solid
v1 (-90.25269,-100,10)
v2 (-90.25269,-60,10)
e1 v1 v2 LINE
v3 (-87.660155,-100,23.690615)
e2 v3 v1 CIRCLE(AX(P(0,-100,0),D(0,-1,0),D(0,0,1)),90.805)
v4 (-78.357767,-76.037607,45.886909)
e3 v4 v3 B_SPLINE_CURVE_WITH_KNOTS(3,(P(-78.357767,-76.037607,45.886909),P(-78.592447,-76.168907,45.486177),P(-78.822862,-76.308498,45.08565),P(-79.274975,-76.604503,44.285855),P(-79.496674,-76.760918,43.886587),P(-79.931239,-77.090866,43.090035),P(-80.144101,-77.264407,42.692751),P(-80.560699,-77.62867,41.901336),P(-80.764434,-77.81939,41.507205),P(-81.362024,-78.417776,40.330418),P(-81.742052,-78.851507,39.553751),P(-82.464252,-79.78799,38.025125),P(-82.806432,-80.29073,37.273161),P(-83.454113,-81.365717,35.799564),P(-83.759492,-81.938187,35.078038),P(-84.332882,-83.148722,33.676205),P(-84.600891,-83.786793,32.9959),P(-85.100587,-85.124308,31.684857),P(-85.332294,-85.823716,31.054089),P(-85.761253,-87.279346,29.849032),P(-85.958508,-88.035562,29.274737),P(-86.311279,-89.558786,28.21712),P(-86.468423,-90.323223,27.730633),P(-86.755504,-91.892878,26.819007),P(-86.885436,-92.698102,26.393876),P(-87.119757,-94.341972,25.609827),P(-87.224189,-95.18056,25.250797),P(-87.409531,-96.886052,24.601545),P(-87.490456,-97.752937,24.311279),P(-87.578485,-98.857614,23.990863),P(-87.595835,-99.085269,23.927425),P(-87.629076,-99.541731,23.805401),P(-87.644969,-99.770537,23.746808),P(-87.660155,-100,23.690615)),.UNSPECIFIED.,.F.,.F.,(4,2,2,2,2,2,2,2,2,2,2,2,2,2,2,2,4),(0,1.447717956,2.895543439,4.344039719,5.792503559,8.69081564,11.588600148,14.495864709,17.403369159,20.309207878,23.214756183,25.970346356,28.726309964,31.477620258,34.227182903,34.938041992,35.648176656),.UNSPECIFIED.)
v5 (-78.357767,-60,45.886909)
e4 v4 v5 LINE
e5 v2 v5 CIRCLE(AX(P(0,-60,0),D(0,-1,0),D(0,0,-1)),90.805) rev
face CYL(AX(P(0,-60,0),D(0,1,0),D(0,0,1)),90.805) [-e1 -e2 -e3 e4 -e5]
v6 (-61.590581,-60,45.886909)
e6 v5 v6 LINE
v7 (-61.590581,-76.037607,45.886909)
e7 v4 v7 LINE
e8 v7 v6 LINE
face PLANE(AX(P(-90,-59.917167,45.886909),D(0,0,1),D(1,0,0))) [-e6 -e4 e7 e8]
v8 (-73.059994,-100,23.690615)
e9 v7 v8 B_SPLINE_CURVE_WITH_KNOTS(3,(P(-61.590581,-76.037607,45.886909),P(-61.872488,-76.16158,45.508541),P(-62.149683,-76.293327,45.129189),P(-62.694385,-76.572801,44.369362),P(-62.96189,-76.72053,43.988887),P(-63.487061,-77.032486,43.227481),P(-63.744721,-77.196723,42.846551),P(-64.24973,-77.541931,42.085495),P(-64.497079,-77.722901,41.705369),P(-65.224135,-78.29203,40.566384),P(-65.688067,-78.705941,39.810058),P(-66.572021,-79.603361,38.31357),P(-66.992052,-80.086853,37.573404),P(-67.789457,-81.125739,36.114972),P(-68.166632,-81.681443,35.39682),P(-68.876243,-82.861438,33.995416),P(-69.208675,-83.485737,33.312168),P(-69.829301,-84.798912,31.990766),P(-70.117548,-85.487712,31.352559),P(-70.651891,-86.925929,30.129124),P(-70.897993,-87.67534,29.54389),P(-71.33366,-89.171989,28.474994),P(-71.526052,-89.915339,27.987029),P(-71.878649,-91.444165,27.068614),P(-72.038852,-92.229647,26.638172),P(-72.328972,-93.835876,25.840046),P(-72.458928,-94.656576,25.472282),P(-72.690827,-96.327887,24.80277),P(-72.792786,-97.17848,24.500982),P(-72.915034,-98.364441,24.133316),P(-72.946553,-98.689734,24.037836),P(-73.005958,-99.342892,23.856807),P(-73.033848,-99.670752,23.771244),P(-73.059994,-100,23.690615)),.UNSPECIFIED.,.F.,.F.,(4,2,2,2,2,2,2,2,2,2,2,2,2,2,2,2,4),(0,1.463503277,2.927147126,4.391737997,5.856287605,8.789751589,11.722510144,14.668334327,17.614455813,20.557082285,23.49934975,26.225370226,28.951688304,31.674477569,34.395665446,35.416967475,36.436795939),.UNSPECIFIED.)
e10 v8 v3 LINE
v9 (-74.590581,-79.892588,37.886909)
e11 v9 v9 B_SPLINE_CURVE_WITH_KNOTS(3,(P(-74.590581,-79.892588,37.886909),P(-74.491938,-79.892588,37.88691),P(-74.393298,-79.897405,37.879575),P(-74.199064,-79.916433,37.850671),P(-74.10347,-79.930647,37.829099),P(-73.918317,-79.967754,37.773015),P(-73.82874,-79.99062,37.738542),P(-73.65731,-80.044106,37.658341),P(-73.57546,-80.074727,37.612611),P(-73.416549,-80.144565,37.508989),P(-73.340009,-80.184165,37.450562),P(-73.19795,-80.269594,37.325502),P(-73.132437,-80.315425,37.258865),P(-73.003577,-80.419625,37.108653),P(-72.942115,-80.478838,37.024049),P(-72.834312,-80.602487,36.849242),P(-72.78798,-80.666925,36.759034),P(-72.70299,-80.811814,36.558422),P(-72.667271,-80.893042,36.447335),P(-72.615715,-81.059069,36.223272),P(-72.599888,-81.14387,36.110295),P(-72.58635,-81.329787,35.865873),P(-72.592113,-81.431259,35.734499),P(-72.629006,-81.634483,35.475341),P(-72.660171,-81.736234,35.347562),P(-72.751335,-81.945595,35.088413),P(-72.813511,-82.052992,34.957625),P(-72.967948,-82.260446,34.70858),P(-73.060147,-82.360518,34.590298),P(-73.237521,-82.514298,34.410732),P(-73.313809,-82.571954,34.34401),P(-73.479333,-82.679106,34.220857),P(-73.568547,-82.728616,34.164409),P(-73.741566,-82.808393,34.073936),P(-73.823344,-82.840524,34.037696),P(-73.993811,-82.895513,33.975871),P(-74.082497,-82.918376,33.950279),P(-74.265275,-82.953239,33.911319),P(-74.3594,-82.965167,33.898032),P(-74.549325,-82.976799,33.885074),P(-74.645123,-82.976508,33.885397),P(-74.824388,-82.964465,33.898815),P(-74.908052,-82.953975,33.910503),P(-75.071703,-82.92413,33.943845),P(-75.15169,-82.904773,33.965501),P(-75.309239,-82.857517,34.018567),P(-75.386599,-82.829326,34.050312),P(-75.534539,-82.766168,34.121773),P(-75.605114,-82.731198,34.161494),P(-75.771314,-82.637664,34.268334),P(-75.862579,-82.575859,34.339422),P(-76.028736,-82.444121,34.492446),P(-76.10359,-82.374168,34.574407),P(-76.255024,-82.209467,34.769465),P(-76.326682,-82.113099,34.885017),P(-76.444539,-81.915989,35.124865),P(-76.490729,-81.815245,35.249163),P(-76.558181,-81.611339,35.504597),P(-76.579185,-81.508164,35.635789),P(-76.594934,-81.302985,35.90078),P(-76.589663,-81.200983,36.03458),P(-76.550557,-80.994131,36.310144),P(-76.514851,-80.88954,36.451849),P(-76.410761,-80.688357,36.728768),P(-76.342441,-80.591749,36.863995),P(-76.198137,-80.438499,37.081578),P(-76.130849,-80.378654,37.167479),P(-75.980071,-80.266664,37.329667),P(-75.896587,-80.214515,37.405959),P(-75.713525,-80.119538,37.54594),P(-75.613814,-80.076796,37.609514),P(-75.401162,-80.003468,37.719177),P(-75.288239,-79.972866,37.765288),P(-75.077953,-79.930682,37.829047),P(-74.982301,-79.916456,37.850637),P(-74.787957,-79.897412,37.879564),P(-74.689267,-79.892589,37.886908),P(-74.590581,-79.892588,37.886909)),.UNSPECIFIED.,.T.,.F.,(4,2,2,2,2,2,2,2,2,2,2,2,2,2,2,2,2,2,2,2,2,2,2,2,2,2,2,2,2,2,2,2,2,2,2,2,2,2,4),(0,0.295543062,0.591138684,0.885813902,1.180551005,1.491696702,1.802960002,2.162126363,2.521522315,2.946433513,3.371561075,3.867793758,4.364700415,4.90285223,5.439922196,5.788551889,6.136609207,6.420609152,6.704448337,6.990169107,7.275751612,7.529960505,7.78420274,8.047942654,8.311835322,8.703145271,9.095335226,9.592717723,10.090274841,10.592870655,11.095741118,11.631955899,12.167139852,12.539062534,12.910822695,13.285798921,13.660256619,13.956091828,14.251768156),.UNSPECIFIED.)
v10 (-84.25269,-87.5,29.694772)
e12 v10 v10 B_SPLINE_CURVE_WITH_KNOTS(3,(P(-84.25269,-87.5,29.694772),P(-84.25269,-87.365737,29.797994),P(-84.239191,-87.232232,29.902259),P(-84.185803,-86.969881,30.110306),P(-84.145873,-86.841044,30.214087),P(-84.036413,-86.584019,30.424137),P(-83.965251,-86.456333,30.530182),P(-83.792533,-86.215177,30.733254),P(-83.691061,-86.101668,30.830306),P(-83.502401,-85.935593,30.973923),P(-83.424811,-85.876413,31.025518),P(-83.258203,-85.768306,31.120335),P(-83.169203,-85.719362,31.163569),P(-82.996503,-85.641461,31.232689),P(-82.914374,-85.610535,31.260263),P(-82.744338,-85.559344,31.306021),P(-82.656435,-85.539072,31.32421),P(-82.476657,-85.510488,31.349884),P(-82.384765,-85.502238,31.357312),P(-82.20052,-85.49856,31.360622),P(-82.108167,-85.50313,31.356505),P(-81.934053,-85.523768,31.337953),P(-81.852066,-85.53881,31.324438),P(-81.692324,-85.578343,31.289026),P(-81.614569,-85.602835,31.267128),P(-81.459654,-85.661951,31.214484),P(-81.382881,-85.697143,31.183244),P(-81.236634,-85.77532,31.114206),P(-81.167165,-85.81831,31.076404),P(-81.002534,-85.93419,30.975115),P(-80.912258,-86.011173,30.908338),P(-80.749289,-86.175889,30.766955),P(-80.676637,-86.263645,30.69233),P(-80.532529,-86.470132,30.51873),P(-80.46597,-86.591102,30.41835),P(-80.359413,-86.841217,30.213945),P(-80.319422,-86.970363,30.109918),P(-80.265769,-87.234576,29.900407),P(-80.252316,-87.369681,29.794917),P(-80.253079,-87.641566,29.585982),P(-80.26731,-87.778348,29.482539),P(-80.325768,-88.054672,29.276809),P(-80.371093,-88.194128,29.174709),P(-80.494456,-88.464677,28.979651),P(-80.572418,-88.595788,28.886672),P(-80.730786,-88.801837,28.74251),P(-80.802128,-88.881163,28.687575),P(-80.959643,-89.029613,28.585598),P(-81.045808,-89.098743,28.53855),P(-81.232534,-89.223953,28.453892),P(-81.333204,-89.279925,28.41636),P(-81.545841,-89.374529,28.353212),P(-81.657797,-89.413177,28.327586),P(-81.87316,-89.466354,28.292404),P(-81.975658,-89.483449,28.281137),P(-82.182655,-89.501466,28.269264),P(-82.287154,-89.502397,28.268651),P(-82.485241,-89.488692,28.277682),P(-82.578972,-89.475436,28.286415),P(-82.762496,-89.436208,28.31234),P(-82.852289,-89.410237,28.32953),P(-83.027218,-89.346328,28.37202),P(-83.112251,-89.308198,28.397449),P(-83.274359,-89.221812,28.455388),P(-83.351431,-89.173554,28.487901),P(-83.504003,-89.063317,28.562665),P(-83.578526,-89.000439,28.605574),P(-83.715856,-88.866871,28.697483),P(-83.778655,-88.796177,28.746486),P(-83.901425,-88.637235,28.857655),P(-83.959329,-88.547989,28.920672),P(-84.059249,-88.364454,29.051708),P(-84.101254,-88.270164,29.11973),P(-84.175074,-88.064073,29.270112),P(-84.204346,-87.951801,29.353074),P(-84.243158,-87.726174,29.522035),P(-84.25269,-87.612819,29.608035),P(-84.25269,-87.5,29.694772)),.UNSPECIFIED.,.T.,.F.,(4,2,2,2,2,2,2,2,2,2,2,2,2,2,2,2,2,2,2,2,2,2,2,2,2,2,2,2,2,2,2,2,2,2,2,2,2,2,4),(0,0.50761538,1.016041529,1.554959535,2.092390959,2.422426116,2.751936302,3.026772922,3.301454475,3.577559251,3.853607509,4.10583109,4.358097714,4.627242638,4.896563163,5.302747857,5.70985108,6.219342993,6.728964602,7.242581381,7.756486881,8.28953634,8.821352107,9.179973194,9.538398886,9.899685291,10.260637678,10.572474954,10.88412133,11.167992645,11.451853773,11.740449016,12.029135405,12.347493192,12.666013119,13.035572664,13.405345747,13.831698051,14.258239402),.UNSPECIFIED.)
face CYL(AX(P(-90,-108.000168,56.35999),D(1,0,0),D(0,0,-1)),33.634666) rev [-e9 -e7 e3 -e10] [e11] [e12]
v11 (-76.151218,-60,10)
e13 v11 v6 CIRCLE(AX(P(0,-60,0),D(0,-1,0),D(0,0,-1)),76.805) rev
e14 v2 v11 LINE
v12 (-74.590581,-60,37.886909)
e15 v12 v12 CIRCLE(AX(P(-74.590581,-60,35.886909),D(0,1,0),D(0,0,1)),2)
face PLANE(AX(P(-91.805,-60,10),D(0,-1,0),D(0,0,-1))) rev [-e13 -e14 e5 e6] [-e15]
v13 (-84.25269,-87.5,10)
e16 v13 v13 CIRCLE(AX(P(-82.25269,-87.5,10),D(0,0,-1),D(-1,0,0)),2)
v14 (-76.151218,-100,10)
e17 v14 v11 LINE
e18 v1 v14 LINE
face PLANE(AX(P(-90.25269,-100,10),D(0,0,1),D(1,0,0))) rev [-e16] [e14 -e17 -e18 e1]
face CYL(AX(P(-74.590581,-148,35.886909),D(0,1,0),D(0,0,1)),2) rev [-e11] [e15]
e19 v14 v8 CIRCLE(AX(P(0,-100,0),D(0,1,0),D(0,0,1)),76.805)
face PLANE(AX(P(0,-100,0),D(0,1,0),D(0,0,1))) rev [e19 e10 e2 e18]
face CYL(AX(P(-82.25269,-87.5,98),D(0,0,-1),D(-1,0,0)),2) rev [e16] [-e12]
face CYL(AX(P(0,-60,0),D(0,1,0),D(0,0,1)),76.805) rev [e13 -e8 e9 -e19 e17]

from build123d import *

# Parameters (mm, degrees)
BOSS_EXTRUDE1_DEPTH      = 60
SKETCH25_W               = 5.5
SKETCH25_H               = 17
BOSS_EXTRUDE3_DEPTH      = 20
FILLET1_R                = 2.3
SKETCH28_W               = 8
SKETCH28_H               = 10
CUT_EXTRUDE17_DEPTH      = 265
CUT_EXTRUDE19_DEPTH      = 165.638713704
CUT_EXTRUDE19_DEPTH_BACK = 165.638713704
SKETCH30_W               = 183.61
SKETCH30_H               = 30
CUT_EXTRUDE20_DEPTH      = 165.638713704
CUT_EXTRUDE20_DEPTH_BACK = 165.638713704
SKETCH32_W               = 3
SKETCH32_H               = 14
BOSS_EXTRUDE4_DEPTH      = 40
CUT_EXTRUDE21_DEPTH      = 90
CUT_EXTRUDE22_DEPTH      = 164.320868502
CUT_EXTRUDE22_DEPTH_BACK = 164.320868502
SKETCH39_R               = 2
CUT_EXTRUDE23_DEPTH      = 88
SKETCH40_R               = 2
CUT_EXTRUDE24_DEPTH      = 88


with BuildPart() as part:
    # Sketch1 → Boss-Extrude1 (new body)
    with BuildSketch(Plane(origin=(0, 0, 0), x_dir=(1, 0, 0), z_dir=(0, 1, 0))):
        with BuildLine():
            Line((91.805, -10), (90.252689849, -10))
            ThreePointArc((90.252689849, -10), (0, -90.805), (-90.252689849, -10))
            Line((-90.252689849, -10), (-91.805, -10))
            Line((-91.805, -10), (-91.805, 20))
            Line((-91.805, 20), (-76.805, 20))
            Line((-76.805, 20), (-76.805, 0))
            ThreePointArc((-76.805, 0), (0, -76.805), (76.805, 0))
            Line((76.805, 0), (76.805, 20))
            Line((76.805, 20), (91.805, 20))
            Line((91.805, 20), (91.805, -10))
        make_face()
    extrude(amount=-BOSS_EXTRUDE1_DEPTH)

    # Sketch25 → Boss-Extrude3 (add)
    with BuildSketch(Plane(origin=(0, -60, 0), x_dir=(-1, 0, 0), z_dir=(0, -1, 0))):
        with Locations((84.305, 5)):
            Rectangle(SKETCH25_W, SKETCH25_H)
        with Locations((-84.305, 5)):
            Rectangle(SKETCH25_W, SKETCH25_H)
    extrude(amount=BOSS_EXTRUDE3_DEPTH)

    # Fillet1
    fillet1_edges = [part.edges().sort_by_distance(p)[0] for p in [
        (84.305, -60, 3.5),
        (81.555, -60, -5),
        (87.055, -60, -5),
        (84.305, -60, -13.5),
        (-84.305, -60, 3.5),
        (-87.055, -60, -5),
        (-81.555, -60, -5),
        (-84.305, -60, -13.5),
    ]]
    fillet(fillet1_edges, radius=FILLET1_R)

    # Sketch28 → Cut-Extrude17 (cut)
    with BuildSketch(Plane(origin=(91.805, 0, 0), x_dir=(0, 0, -1), z_dir=(1, 0, 0))):
        with Locations((5, -42)):
            Rectangle(SKETCH28_W, SKETCH28_H)
    extrude(amount=-CUT_EXTRUDE17_DEPTH, mode=Mode.SUBTRACT)

    # Sketch30 → Cut-Extrude19 (cut, two sides: drawn at the far end of the back side and taken through both)
    with BuildSketch(Plane(origin=(0, 0, -20), x_dir=(-1, 0, 0), z_dir=(0, 0, -1)).offset(-CUT_EXTRUDE19_DEPTH_BACK)):
        with Locations((0, -15)):
            Rectangle(SKETCH30_W, SKETCH30_H)
    extrude(amount=CUT_EXTRUDE19_DEPTH + CUT_EXTRUDE19_DEPTH_BACK, mode=Mode.SUBTRACT)

    # Sketch32 → Cut-Extrude20 (cut, two sides: drawn at the far end of the back side and taken through both)
    with BuildSketch(Plane(origin=(0, 0, -20), x_dir=(-1, 0, 0), z_dir=(0, 0, -1)).offset(-CUT_EXTRUDE20_DEPTH_BACK)):
        with Locations((-65.13523483, -44)):
            Rectangle(SKETCH32_W, SKETCH32_H)
        with Locations((-51.773928511, -44)):
            Rectangle(SKETCH32_W, SKETCH32_H)
        with Locations((-84.305, -46)):
            Rectangle(SKETCH32_W, SKETCH32_H)
        with Locations((65.13523483, -44)):
            Rectangle(SKETCH32_W, SKETCH32_H)
        with Locations((51.773928511, -44)):
            Rectangle(SKETCH32_W, SKETCH32_H)
        with Locations((84.305, -46)):
            Rectangle(SKETCH32_W, SKETCH32_H)
    extrude(amount=CUT_EXTRUDE20_DEPTH + CUT_EXTRUDE20_DEPTH_BACK, mode=Mode.SUBTRACT)

    # Sketch33 → Boss-Extrude4 (add)
    with BuildSketch(Plane(origin=(0, -60, 0), x_dir=(-1, 0, 0), z_dir=(0, -1, 0))):
        with BuildLine():
            Line((90.252689849, -10), (76.151218145, -10))
            ThreePointArc((76.151218145, -10), (71.169996018, -28.876282513), (61.590580503, -45.886909008))
            Line((61.590580503, -45.886909008), (73.898492454, -52.768938193))
            ThreePointArc((73.898492454, -52.768938193), (84.815671791, -32.432234638), (90.252689849, -10))
        make_face()
    extrude(amount=BOSS_EXTRUDE4_DEPTH)

    # Sketch37 → Cut-Extrude21 (cut)
    with BuildSketch(Plane(origin=(0, 0, 0), x_dir=(0, 0, -1), z_dir=(1, 0, 0))):
        with BuildLine():
            Line((-0.881303102, -100), (-23.690614963, -100))
            ThreePointArc((-23.690614963, -100), (-31.684760451, -85.14357588), (-45.886909008, -76.037606625))
            Line((-45.886909008, -76.037606625), (-45.886909008, -59.917167305))
            Line((-45.886909008, -59.917167305), (-66.948234535, -59.917167305))
            Line((-66.948234535, -59.917167305), (-63.746381293, -92.441906362))
            Line((-63.746381293, -92.441906362), (-47.571757556, -115.346464391))
            Line((-47.571757556, -115.346464391), (-8.086377987, -115.346464391))
            Line((-8.086377987, -115.346464391), (-0.881303102, -100))
        make_face()
    extrude(amount=-CUT_EXTRUDE21_DEPTH, mode=Mode.SUBTRACT)

    # Sketch38 → Cut-Extrude22 (cut, two sides: drawn at the far end of the back side and taken through both)
    with BuildSketch(Plane(origin=(0, 0, 0), x_dir=(0, 0, -1), z_dir=(1, 0, 0)).offset(-CUT_EXTRUDE22_DEPTH_BACK)):
        Polygon((20, -30), (-90.805, -30), (-90.805, -60), (-10, -60), (-10, -100), (20, -100), (20, -60), align=None)
    extrude(amount=CUT_EXTRUDE22_DEPTH + CUT_EXTRUDE22_DEPTH_BACK, mode=Mode.SUBTRACT)

    # Sketch39 → Cut-Extrude23 (cut)
    with BuildSketch(Plane(origin=(0, 0, 10), x_dir=(-1, 0, 0), z_dir=(0, 0, -1))):
        with Locations((82.252689849, -87.5)):
            Circle(SKETCH39_R)
    extrude(amount=-CUT_EXTRUDE23_DEPTH, mode=Mode.SUBTRACT)

    # Sketch40 → Cut-Extrude24 (cut)
    with BuildSketch(Plane(origin=(0, -60, 0), x_dir=(1, 0, 0), z_dir=(0, 1, 0))):
        with Locations(Location((-74.590580503, -35.886909008, 0), (0, 0, 270))):
            Circle(SKETCH40_R)
    extrude(amount=-CUT_EXTRUDE24_DEPTH, mode=Mode.SUBTRACT)


solid = part.part
